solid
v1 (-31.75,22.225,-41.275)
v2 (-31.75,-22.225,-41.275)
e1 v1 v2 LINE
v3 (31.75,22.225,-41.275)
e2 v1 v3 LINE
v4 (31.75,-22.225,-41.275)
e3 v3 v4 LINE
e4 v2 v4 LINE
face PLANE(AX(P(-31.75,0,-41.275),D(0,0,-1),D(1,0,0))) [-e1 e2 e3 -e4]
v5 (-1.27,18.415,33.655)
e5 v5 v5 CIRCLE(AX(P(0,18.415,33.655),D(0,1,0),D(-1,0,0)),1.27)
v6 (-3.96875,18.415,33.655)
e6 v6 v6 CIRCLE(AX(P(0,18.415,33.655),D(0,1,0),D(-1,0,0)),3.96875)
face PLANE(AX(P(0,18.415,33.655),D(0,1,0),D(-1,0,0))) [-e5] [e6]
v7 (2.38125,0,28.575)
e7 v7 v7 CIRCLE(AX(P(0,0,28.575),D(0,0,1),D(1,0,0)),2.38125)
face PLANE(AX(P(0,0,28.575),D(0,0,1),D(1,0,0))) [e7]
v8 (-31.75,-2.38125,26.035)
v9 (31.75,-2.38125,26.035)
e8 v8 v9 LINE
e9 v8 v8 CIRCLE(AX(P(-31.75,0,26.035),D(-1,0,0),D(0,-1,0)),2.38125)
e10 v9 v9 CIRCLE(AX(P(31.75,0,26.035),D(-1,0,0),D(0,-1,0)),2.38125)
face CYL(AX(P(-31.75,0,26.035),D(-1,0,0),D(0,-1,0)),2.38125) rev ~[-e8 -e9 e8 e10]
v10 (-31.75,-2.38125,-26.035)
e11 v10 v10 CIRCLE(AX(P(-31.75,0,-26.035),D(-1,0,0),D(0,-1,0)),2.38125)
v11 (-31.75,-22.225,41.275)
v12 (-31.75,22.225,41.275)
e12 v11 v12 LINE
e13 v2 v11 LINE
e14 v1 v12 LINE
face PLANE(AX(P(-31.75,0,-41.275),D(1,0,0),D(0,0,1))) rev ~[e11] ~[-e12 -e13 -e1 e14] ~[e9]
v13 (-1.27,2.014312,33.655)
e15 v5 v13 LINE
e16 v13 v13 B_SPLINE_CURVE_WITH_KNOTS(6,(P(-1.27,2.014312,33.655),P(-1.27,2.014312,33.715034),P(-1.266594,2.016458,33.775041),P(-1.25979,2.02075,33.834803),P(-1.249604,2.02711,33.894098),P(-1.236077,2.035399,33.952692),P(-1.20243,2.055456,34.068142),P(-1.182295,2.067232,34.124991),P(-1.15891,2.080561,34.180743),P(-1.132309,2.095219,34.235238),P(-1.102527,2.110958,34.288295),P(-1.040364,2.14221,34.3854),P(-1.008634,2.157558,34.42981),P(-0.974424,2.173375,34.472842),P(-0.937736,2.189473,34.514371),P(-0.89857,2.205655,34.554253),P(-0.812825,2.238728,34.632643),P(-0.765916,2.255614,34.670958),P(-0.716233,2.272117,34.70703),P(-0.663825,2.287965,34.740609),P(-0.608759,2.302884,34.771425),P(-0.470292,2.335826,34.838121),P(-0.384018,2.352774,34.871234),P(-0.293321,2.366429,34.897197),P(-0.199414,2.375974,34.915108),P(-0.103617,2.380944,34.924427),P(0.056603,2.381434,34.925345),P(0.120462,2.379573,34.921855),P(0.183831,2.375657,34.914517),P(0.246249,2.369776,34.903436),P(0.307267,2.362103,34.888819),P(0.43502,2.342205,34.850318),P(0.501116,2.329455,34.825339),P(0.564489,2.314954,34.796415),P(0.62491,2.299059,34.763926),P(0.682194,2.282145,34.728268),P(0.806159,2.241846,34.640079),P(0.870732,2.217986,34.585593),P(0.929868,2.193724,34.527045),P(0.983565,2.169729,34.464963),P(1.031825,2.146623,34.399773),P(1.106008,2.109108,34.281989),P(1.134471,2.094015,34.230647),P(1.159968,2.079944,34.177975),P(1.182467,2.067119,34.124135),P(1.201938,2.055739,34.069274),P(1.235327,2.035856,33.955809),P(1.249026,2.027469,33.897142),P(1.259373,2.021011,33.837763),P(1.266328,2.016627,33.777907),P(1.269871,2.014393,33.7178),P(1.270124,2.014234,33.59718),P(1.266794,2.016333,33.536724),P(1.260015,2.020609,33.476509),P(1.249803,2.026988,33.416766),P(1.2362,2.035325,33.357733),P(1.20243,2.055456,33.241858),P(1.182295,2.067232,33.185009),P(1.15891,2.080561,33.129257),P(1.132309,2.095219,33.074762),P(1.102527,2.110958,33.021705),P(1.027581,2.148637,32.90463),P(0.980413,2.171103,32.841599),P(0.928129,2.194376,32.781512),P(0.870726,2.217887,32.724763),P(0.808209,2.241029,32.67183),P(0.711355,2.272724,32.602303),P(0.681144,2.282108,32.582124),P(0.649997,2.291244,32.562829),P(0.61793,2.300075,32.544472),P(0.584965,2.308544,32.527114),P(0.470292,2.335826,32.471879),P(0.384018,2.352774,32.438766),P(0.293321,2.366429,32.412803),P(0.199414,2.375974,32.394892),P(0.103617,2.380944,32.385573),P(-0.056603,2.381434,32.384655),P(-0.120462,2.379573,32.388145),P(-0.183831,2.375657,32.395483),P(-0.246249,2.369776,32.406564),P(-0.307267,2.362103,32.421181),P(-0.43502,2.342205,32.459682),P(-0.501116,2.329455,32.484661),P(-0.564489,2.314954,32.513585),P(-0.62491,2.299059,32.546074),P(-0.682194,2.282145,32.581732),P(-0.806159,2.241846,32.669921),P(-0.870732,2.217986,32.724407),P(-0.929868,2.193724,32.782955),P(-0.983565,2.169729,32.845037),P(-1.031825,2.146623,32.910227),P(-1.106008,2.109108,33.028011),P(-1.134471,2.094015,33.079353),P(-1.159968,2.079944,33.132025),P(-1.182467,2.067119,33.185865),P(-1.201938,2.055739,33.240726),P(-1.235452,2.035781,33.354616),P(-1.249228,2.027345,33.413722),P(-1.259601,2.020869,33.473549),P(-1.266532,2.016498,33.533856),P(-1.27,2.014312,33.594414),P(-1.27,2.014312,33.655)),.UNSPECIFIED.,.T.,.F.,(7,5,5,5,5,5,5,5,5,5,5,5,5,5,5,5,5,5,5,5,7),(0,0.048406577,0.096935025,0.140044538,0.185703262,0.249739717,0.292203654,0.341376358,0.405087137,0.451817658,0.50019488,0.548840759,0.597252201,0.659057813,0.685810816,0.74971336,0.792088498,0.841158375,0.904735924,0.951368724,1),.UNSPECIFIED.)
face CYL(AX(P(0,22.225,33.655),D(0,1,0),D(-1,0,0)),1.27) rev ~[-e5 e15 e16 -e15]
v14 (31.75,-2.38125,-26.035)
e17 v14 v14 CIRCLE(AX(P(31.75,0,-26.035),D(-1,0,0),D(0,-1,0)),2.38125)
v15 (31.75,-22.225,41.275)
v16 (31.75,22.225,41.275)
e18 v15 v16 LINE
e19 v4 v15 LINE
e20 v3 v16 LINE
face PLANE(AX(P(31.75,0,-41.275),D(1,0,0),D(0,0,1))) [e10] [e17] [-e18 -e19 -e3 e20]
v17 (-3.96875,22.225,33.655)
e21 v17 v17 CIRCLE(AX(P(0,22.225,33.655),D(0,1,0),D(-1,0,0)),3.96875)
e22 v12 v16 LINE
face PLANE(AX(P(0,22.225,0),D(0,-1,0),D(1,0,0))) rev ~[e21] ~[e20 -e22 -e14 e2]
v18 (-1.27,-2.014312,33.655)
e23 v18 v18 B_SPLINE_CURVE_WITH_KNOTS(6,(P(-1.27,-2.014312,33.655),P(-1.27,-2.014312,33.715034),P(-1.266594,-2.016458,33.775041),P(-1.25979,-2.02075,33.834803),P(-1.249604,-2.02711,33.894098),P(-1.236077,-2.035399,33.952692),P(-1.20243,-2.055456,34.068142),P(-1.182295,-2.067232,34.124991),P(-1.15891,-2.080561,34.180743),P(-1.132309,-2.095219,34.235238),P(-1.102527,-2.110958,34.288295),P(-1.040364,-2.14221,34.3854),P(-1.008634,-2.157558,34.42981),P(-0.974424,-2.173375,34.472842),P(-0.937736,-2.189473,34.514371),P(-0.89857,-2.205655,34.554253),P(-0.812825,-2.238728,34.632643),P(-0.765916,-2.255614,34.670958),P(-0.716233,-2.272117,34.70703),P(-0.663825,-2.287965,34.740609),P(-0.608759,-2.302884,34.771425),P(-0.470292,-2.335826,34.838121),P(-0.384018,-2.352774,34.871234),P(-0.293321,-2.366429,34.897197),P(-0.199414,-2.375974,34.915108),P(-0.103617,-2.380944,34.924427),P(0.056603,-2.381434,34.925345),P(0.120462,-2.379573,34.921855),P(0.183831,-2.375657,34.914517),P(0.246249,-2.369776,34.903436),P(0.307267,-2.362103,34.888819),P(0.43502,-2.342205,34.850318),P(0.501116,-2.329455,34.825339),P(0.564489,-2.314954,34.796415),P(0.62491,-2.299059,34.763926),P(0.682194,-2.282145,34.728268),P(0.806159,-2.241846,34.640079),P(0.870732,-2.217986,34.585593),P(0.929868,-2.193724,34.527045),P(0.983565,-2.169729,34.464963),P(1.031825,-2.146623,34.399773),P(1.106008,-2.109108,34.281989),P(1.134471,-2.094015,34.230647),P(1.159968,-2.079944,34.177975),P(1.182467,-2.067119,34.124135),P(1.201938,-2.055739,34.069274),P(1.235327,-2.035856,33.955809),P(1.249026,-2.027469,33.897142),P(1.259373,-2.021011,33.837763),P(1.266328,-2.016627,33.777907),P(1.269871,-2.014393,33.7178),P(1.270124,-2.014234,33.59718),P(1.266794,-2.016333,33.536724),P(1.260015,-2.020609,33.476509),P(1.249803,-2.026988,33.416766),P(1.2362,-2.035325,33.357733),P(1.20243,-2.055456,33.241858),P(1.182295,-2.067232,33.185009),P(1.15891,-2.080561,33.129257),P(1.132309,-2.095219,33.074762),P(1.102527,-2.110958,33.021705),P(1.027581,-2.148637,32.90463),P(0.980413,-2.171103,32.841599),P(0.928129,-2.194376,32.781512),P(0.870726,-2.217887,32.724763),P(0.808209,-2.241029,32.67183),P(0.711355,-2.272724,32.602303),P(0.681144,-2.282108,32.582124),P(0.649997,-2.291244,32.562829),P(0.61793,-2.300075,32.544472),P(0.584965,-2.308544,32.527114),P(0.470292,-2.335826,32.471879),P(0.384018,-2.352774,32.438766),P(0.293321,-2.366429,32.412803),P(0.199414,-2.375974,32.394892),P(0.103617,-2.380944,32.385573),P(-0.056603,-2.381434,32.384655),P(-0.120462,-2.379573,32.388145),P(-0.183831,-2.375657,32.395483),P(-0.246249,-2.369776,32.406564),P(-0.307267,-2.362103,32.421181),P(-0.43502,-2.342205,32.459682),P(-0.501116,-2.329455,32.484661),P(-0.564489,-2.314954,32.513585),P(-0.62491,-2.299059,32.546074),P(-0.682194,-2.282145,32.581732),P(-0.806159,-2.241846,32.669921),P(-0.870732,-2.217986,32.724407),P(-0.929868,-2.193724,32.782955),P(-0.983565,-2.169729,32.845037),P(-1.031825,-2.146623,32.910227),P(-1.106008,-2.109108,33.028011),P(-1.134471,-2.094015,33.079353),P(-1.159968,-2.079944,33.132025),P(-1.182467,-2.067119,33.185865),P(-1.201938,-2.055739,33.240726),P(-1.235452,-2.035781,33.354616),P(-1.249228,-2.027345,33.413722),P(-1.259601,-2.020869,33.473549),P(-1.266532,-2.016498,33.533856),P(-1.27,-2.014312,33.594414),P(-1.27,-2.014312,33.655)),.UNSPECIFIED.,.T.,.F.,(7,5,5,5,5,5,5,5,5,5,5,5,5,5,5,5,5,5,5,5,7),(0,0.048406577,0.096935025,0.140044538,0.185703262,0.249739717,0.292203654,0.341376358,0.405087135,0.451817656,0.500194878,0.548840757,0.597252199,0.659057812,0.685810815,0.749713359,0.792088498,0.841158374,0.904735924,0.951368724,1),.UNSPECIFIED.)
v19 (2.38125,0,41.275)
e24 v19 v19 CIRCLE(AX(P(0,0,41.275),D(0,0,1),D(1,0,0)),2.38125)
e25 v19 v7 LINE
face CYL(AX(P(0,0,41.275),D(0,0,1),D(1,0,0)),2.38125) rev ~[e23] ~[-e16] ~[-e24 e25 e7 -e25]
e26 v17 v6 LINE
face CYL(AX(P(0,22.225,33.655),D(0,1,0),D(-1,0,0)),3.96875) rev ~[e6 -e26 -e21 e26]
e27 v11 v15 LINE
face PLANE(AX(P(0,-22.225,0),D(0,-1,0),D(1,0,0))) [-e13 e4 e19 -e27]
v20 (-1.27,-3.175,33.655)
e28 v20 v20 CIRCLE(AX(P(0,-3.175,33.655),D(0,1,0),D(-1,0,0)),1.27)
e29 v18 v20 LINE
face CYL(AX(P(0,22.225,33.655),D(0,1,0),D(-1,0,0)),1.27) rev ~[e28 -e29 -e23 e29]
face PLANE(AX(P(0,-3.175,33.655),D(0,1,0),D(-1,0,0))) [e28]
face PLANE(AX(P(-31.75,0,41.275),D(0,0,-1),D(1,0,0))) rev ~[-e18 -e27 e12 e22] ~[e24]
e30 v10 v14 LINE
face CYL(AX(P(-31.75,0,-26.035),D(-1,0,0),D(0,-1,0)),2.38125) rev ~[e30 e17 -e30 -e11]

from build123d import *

# Parameters (mm, degrees)
F0_W     = 63.5
F0_H     = 82.55
F1_DEPTH = 22.225
F2_R     = 2.38125
F3_DEPTH = 12.7
F4_R     = 2.38125
F5_DEPTH = 63.501
F6_R     = 1.27
F7_DEPTH = 25.4
F8_R     = 3.96875
F9_DEPTH = 3.81


with BuildPart() as f1:
    # F0 (on Front) → F1 (new body, symmetric)
    with BuildSketch(Plane.XZ):
        Rectangle(F0_W, F0_H)
    extrude(amount=F1_DEPTH, both=True)

    # F2 (on face) → F3 (cut)
    with BuildSketch(Plane.XY.offset(41.275)):
        Circle(F2_R)
    extrude(amount=-F3_DEPTH, mode=Mode.SUBTRACT)

    # F4 (on face) → F5 (cut, through all)
    with BuildSketch(Plane(origin=(-31.75, 0, 0), x_dir=(0, -1, 0), z_dir=(-1, 0, 0))):
        with Locations((0, 26.035)):
            Circle(F4_R)
        with Locations((0, -26.035)):
            Circle(F4_R)
    extrude(amount=-F5_DEPTH, mode=Mode.SUBTRACT)

    # F6 (on face) → F7 (cut)
    with BuildSketch(Plane(origin=(0, 22.225, 0), x_dir=(-1, 0, 0), z_dir=(0, 1, 0))):
        with Locations((0, 33.655)):
            Circle(F6_R)
    extrude(amount=-F7_DEPTH, mode=Mode.SUBTRACT)

    # F8 (on face) → F9 (cut)
    with BuildSketch(Plane(origin=(0, 22.225, 0), x_dir=(-1, 0, 0), z_dir=(0, 1, 0))):
        with Locations((0, 33.655)):
            Circle(F8_R)
    extrude(amount=-F9_DEPTH, mode=Mode.SUBTRACT)


solid = f1.part
